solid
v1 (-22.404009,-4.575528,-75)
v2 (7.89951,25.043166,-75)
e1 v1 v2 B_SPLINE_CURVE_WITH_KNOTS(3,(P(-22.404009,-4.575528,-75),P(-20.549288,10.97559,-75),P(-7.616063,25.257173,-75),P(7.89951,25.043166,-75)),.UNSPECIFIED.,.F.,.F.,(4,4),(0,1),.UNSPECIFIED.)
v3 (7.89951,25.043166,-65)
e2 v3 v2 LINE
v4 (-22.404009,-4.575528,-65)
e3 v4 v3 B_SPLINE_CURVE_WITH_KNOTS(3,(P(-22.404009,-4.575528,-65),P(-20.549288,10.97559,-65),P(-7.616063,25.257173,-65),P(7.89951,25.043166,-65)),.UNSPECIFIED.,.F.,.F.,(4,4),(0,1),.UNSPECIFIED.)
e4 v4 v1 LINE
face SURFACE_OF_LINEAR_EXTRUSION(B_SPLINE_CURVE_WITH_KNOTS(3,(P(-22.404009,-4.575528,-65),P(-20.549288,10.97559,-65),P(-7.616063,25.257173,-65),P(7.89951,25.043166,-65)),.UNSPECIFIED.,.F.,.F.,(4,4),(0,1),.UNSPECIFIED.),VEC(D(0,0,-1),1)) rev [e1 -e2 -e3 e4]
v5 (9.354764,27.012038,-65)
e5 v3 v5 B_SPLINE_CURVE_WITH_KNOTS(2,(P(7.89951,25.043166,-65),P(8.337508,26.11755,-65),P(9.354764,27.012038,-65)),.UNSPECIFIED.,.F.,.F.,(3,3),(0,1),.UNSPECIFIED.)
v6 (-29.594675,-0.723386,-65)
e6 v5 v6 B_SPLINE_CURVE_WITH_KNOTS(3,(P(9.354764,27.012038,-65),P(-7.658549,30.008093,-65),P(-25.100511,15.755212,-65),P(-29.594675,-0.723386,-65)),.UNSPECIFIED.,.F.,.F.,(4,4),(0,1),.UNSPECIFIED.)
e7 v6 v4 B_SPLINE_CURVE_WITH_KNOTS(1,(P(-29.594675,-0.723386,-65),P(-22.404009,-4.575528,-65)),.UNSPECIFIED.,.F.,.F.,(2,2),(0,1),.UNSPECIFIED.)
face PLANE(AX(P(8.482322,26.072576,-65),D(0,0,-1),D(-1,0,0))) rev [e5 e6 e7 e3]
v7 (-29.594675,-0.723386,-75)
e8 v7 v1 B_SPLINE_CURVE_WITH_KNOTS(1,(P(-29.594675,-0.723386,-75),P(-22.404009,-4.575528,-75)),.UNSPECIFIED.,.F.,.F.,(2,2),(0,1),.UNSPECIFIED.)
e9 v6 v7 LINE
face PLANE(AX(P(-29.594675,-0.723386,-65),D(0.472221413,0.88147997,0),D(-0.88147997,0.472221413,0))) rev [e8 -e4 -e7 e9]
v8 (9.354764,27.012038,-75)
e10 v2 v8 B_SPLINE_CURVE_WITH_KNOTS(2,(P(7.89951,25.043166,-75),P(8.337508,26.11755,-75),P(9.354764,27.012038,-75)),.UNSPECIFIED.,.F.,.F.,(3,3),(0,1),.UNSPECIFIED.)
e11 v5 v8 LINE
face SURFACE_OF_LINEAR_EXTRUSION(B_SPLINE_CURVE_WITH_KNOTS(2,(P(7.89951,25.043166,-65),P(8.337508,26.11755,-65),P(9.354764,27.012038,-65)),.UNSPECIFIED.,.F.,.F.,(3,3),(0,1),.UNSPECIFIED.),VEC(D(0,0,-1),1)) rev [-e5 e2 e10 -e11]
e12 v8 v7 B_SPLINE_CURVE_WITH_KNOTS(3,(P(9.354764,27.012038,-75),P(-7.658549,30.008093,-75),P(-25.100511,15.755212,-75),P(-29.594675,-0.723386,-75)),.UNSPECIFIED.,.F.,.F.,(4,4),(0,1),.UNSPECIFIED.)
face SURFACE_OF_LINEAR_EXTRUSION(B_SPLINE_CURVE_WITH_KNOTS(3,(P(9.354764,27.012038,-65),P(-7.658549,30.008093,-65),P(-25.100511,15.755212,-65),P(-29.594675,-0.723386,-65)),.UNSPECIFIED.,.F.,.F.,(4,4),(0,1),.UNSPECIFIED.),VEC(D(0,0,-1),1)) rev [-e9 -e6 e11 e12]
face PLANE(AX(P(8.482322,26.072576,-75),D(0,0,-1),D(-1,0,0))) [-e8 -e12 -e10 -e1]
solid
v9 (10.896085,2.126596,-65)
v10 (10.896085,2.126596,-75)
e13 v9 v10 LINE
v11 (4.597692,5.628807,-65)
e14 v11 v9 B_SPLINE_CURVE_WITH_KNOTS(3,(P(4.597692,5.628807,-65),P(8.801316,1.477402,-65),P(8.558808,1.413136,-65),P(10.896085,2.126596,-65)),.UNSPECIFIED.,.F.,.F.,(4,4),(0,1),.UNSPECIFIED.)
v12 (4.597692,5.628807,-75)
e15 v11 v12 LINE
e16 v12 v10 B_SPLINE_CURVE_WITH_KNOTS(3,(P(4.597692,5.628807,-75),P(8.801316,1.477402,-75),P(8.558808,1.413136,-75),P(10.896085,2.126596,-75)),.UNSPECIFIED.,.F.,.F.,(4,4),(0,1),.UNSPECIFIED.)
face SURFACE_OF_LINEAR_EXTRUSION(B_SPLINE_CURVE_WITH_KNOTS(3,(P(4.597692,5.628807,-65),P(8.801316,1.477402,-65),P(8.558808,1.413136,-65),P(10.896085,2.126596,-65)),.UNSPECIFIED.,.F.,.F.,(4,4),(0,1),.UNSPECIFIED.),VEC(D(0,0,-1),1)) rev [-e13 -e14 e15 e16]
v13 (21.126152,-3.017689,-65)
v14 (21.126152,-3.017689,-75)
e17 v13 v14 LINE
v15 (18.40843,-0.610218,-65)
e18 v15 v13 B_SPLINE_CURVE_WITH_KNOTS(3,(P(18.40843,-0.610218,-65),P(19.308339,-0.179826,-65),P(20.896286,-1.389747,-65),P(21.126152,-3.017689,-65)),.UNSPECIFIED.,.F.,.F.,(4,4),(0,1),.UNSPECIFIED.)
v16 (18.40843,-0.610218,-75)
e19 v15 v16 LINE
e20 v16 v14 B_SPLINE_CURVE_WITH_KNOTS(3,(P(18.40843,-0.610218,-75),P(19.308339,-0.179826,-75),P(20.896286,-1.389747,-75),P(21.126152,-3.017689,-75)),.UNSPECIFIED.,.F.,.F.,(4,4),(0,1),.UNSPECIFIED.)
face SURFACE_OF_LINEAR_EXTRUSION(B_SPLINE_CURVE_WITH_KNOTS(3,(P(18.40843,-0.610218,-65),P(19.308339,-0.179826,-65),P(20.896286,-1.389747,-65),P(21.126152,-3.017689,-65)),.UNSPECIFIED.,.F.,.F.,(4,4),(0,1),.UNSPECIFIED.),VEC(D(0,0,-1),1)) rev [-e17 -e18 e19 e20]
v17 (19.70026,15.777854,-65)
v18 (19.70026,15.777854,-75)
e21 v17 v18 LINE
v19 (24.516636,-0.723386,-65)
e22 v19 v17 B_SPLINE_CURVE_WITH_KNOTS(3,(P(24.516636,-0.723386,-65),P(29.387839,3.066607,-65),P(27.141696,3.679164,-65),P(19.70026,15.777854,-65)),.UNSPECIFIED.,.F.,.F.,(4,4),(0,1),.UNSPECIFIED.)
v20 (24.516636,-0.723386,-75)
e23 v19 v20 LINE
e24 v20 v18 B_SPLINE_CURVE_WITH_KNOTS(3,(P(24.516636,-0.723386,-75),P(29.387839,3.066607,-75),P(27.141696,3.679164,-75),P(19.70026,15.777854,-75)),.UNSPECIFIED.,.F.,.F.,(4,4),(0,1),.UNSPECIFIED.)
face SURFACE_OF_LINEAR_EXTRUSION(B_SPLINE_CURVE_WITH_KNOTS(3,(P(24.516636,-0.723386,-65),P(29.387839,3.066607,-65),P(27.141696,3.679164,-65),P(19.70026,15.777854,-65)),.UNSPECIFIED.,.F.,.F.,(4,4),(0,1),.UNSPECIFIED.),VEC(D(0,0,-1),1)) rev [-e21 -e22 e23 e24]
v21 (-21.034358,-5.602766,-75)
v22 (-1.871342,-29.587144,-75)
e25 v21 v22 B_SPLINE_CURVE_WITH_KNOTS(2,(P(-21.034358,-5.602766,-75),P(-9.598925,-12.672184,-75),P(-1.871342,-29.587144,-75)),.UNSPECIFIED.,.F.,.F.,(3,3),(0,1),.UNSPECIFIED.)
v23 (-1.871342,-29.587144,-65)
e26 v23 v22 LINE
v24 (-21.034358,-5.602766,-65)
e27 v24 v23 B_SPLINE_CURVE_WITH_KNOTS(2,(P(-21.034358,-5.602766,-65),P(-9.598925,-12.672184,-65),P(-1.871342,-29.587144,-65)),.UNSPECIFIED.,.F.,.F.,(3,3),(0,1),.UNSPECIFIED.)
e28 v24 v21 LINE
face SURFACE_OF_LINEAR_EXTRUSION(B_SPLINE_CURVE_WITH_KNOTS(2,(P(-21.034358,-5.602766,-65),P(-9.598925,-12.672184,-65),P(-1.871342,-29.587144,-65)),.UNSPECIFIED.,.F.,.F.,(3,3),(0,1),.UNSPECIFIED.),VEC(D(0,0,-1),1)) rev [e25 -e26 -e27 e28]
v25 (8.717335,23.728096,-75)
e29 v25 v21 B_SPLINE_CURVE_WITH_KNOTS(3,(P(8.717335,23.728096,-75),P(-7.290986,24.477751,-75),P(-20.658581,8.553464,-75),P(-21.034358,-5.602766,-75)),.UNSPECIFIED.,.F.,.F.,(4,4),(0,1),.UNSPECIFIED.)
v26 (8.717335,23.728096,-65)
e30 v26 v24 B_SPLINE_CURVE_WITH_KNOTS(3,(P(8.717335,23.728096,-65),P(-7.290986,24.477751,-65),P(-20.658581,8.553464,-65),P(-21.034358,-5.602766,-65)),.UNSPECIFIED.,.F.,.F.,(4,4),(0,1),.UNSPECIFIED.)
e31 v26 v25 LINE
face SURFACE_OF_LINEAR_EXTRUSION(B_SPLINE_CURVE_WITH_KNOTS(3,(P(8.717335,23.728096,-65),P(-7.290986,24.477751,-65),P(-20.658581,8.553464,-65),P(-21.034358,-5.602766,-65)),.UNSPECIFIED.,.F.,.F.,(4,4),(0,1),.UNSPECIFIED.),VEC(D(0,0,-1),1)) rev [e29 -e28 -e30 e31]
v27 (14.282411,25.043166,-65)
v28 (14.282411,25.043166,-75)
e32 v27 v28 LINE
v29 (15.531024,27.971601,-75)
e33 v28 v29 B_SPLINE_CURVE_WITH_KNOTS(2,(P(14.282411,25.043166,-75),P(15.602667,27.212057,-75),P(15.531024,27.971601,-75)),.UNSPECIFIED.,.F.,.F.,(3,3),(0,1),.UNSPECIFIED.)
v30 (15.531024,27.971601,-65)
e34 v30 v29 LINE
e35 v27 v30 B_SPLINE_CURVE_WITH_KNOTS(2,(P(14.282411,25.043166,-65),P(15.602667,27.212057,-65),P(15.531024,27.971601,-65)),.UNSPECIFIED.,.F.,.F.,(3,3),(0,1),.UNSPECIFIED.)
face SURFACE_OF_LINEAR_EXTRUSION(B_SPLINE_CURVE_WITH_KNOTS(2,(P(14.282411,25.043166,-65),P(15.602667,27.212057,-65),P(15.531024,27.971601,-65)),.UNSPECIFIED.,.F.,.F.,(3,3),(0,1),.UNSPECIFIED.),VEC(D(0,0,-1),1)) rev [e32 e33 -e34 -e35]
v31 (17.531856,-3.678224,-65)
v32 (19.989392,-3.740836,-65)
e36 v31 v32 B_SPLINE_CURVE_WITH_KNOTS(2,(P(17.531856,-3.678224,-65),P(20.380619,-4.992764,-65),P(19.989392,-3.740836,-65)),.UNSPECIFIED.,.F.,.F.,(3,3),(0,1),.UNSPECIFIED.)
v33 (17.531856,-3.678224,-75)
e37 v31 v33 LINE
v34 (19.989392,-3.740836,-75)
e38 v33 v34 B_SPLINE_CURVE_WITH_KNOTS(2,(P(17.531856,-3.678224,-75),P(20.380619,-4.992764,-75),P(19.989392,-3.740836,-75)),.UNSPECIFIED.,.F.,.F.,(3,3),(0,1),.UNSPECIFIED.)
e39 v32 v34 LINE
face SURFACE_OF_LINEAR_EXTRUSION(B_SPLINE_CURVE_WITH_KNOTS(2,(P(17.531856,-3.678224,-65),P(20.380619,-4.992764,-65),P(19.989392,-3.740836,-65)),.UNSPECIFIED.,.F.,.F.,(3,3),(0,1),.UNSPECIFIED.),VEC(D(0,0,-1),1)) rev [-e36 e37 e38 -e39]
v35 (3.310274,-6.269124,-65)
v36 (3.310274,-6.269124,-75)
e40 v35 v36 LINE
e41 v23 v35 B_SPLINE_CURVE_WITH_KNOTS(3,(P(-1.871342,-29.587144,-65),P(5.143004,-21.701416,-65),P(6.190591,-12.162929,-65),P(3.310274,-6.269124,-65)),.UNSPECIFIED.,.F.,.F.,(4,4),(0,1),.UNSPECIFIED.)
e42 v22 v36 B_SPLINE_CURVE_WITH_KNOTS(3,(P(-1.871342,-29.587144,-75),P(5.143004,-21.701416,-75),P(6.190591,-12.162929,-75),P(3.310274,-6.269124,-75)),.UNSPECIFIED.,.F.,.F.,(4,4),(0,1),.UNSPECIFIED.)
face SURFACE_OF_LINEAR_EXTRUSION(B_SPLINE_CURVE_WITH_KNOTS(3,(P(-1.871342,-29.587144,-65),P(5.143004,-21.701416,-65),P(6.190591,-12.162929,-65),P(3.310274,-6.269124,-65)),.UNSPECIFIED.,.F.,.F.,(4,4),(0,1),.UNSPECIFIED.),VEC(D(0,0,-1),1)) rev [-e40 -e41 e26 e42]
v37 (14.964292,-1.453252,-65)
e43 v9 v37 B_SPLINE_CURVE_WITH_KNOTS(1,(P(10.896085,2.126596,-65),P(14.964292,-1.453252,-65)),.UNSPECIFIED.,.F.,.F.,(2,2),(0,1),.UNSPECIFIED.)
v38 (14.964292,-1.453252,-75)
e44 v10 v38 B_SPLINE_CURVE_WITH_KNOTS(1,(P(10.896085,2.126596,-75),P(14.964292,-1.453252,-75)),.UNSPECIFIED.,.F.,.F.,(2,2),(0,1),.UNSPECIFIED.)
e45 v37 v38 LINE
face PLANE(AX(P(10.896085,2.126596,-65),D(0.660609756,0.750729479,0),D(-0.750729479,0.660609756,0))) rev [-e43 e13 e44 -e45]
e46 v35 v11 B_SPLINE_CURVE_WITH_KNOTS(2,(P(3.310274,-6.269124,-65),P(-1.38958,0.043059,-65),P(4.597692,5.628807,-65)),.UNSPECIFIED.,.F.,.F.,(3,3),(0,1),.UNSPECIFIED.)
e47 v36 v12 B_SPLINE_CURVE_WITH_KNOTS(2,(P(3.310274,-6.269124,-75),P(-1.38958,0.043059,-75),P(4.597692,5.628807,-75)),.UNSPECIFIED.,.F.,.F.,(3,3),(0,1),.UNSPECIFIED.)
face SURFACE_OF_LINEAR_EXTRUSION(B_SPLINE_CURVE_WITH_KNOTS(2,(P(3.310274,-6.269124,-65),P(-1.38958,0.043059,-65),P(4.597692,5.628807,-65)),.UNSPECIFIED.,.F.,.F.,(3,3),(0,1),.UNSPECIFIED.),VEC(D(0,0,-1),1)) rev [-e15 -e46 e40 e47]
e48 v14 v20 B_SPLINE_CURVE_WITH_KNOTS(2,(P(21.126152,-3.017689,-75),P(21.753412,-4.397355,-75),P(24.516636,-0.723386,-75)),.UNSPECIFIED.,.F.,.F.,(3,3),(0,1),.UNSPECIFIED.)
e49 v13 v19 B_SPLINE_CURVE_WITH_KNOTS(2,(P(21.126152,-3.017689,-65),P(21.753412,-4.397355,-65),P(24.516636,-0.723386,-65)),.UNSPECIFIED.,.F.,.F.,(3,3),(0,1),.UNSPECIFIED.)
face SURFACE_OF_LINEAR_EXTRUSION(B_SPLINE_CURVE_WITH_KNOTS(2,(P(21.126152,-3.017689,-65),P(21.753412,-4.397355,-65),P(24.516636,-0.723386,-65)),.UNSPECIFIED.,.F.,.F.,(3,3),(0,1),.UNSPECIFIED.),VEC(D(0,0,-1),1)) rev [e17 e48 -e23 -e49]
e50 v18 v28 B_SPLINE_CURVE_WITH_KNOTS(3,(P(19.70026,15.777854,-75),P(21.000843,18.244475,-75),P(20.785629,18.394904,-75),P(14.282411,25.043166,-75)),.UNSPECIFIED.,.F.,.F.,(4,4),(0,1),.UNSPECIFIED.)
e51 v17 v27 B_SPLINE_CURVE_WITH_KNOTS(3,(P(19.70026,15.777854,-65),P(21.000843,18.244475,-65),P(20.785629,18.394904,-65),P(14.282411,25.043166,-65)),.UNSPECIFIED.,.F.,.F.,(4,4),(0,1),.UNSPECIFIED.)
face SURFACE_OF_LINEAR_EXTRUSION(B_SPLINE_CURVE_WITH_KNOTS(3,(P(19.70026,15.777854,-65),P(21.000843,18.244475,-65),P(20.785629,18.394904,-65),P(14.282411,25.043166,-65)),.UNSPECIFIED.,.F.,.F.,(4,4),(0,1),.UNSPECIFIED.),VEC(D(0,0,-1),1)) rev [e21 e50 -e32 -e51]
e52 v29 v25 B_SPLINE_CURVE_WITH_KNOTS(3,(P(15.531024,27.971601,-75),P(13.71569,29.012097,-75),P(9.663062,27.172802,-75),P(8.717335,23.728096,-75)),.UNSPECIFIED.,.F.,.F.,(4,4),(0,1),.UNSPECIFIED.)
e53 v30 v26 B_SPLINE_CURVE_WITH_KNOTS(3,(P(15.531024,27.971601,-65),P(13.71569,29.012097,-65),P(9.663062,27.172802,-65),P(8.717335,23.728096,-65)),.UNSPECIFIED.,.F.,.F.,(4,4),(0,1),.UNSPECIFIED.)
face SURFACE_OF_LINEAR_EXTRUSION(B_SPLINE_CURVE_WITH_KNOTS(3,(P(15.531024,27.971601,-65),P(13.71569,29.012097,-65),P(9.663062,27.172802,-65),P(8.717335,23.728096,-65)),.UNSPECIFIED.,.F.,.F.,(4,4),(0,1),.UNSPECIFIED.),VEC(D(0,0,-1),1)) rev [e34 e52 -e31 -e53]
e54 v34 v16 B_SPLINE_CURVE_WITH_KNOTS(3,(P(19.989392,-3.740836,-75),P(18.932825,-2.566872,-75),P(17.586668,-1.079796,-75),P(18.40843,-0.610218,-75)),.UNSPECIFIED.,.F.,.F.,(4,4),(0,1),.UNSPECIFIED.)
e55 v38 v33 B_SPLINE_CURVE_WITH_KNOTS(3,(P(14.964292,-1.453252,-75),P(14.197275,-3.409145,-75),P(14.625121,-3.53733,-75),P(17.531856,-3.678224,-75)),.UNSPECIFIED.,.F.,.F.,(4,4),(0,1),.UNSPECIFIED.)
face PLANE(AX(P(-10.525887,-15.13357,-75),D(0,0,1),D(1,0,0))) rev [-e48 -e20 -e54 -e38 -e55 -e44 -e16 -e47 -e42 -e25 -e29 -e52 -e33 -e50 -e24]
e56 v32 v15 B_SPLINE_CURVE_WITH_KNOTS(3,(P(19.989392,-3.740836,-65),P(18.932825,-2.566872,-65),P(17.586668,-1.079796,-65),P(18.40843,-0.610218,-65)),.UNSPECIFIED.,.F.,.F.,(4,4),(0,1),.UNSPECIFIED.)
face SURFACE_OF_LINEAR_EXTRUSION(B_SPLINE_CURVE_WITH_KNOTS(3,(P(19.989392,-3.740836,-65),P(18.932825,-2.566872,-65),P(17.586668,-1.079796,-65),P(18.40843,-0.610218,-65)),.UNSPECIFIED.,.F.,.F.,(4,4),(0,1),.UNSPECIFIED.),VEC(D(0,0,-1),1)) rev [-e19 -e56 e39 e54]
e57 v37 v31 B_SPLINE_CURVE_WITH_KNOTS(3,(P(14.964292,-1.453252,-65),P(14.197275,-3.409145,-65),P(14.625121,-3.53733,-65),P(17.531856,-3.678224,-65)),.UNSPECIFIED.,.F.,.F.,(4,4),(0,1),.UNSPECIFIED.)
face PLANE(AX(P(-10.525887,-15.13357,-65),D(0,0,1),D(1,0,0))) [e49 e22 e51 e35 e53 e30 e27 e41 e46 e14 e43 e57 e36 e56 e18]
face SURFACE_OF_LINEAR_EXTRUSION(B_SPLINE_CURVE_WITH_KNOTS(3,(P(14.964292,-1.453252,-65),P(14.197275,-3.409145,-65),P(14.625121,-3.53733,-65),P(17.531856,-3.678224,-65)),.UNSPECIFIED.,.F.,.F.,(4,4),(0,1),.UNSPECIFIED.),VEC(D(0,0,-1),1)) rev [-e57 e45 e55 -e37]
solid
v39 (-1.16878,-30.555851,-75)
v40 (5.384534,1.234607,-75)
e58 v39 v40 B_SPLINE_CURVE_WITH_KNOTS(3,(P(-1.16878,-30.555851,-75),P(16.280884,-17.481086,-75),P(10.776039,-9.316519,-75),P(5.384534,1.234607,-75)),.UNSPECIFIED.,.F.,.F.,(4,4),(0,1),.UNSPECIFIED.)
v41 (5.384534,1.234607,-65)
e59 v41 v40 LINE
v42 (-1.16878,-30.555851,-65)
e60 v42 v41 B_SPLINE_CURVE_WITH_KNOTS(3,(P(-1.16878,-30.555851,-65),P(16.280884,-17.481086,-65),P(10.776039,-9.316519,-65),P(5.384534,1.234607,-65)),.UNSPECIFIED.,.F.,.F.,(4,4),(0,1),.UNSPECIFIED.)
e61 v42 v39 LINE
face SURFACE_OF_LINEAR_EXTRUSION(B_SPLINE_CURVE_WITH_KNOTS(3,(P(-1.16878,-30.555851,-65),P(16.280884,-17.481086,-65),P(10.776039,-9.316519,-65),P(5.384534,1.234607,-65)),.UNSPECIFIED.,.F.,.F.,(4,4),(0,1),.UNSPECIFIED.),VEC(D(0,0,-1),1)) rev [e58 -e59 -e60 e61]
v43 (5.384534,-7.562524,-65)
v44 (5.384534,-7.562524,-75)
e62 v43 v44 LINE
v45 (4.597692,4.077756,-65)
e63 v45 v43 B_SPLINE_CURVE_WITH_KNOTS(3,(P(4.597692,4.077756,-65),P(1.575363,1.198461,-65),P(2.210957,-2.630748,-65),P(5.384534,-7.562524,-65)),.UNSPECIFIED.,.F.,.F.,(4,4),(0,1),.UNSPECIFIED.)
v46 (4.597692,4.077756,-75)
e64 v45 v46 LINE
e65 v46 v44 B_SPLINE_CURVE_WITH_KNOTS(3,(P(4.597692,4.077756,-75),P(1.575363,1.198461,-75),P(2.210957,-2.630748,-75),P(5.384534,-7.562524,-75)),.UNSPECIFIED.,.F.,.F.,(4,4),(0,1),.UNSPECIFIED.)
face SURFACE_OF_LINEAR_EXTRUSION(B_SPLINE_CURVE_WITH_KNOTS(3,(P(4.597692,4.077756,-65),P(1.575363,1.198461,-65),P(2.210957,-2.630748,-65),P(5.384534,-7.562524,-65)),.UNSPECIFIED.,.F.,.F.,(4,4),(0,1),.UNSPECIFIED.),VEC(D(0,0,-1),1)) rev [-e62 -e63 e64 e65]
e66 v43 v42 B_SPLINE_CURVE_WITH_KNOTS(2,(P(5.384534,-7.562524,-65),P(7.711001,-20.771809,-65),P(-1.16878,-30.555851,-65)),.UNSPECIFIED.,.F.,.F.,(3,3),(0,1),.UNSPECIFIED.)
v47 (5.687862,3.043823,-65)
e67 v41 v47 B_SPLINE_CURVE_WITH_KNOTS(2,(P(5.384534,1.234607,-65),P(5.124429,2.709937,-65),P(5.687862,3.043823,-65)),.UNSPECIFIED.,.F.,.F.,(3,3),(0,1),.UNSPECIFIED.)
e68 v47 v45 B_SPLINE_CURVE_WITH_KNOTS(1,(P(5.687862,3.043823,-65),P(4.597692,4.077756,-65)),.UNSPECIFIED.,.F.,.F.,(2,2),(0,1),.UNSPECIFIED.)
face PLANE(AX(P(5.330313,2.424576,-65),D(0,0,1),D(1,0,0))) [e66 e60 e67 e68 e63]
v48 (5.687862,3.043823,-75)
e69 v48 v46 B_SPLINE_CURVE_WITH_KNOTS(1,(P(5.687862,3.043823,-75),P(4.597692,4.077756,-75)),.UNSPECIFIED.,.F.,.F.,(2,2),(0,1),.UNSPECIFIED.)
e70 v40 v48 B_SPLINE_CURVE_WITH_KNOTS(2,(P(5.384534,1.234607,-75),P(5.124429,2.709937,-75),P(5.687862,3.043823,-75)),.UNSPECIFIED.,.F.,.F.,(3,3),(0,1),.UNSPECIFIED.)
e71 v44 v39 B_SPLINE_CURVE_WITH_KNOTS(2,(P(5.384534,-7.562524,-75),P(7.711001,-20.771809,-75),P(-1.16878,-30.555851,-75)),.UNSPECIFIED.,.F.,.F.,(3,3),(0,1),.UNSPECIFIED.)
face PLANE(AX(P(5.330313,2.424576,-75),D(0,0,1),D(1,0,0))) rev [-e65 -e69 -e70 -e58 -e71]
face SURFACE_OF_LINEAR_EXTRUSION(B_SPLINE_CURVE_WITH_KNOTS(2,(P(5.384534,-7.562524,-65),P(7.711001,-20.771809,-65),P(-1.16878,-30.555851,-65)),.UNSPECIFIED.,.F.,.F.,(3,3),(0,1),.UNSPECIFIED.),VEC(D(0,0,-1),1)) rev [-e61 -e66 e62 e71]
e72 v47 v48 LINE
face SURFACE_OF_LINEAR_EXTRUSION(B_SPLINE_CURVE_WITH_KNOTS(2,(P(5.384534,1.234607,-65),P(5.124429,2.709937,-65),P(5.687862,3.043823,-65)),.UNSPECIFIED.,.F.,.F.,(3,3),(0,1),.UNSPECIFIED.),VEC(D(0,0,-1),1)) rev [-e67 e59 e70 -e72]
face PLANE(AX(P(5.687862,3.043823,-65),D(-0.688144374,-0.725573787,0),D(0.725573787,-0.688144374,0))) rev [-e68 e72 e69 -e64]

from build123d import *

# Parameters (mm, degrees)
BOSS_EXTRUDE6_START   = -75
BOSS_EXTRUDE6_DEPTH   = 10
BOSS_EXTRUDE6_2_DEPTH = 10
BOSS_EXTRUDE6_3_DEPTH = 10


with BuildPart() as part:
    # Sketch60 → Boss-Extrude6 (new body)
    with BuildSketch(Plane.XY.offset(BOSS_EXTRUDE6_START)):
        with BuildLine():
            add(Edge.make_bspline(
                [(7.899510272, 25.043165506), (-7.616062527, 25.257173407), (-20.549288392, 10.975590449), (-22.404008997, -4.575528469)],
                knots=[0, 0, 0, 0, 1, 1, 1, 1], degree=3))
            Line((-22.404008997, -4.575528469), (-29.594674586, -0.723386189))
            add(Edge.make_bspline(
                [(-29.594674586, -0.723386189), (-25.100511328, 15.755212423), (-7.658548516, 30.008093265), (9.354764023, 27.012038227)],
                knots=[0, 0, 0, 0, 1, 1, 1, 1], degree=3))
            add(Edge.make_bspline(
                [(9.354764023, 27.012038227), (8.337507713, 26.11755026), (7.899510272, 25.043165506)],
                knots=[0, 0, 0, 1, 1, 1], degree=2))
        make_face()
    extrude(amount=BOSS_EXTRUDE6_DEPTH)


with BuildPart() as body_2:
    # Sketch60 → Boss-Extrude6 2 (new body)
    with BuildSketch(Plane.XY.offset(BOSS_EXTRUDE6_START)):
        with BuildLine():
            add(Edge.make_bspline(
                [(-21.034358408, -5.60276641), (-20.658581062, 8.553464489), (-7.290986028, 24.477751373), (8.717335457, 23.728095995)],
                knots=[0, 0, 0, 0, 1, 1, 1, 1], degree=3))
            add(Edge.make_bspline(
                [(8.717335457, 23.728095995), (9.66306194, 27.172801895), (13.715689902, 29.012097365), (15.531023575, 27.971601235)],
                knots=[0, 0, 0, 0, 1, 1, 1, 1], degree=3))
            add(Edge.make_bspline(
                [(15.531023575, 27.971601235), (15.602666955, 27.212057166), (14.28241125, 25.043165506)],
                knots=[0, 0, 0, 1, 1, 1], degree=2))
            add(Edge.make_bspline(
                [(14.28241125, 25.043165506), (20.78562941, 18.394903927), (21.000842635, 18.24447546), (19.700260455, 15.777854084)],
                knots=[0, 0, 0, 0, 1, 1, 1, 1], degree=3))
            add(Edge.make_bspline(
                [(24.516635928, -0.723386189), (29.387839262, 3.066606953), (27.141695792, 3.679164482), (19.700260455, 15.777854084)],
                knots=[0, 0, 0, 0, 1, 1, 1, 1], degree=3))
            add(Edge.make_bspline(
                [(24.516635928, -0.723386189), (21.753412083, -4.397354565), (21.126152372, -3.017689185)],
                knots=[0, 0, 0, 1, 1, 1], degree=2))
            add(Edge.make_bspline(
                [(21.126152372, -3.017689185), (20.896285535, -1.389746942), (19.308339169, -0.179826073), (18.408429615, -0.610217599)],
                knots=[0, 0, 0, 0, 1, 1, 1, 1], degree=3))
            add(Edge.make_bspline(
                [(18.408429615, -0.610217599), (17.58666802, -1.079795653), (18.932824528, -2.56687226), (19.989391926, -3.740836035)],
                knots=[0, 0, 0, 0, 1, 1, 1, 1], degree=3))
            add(Edge.make_bspline(
                [(19.989391926, -3.740836035), (20.380619428, -4.992764042), (17.531856453, -3.678223666)],
                knots=[0, 0, 0, 1, 1, 1], degree=2))
            add(Edge.make_bspline(
                [(17.531856453, -3.678223666), (14.625120982, -3.53733032), (14.197274829, -3.40914492), (14.96429178, -1.453251695)],
                knots=[0, 0, 0, 0, 1, 1, 1, 1], degree=3))
            Line((14.96429178, -1.453251695), (10.896085132, 2.126595741))
            add(Edge.make_bspline(
                [(10.896085132, 2.126595741), (8.558808499, 1.4131365), (8.801315716, 1.477401795), (4.597691617, 5.628806961)],
                knots=[0, 0, 0, 0, 1, 1, 1, 1], degree=3))
            add(Edge.make_bspline(
                [(4.597691617, 5.628806961), (-1.389579693, 0.043058797), (3.310273965, -6.269124127)],
                knots=[0, 0, 0, 1, 1, 1], degree=2))
            add(Edge.make_bspline(
                [(3.310273965, -6.269124127), (6.190591422, -12.162929046), (5.143003854, -21.701416453), (-1.871341739, -29.587144351)],
                knots=[0, 0, 0, 0, 1, 1, 1, 1], degree=3))
            add(Edge.make_bspline(
                [(-21.034358408, -5.60276641), (-9.598924902, -12.672183887), (-1.871341739, -29.587144351)],
                knots=[0, 0, 0, 1, 1, 1], degree=2))
        make_face()
    extrude(amount=BOSS_EXTRUDE6_2_DEPTH)


with BuildPart() as body_3:
    # Sketch60 → Boss-Extrude6 3 (new body)
    with BuildSketch(Plane.XY.offset(BOSS_EXTRUDE6_START)):
        with BuildLine():
            add(Edge.make_bspline(
                [(4.597691617, 4.077756229), (1.575363437, 1.19846077), (2.21095693, -2.630747809), (5.384533612, -7.562523507)],
                knots=[0, 0, 0, 0, 1, 1, 1, 1], degree=3))
            add(Edge.make_bspline(
                [(5.384533612, -7.562523507), (7.711001047, -20.771808771), (-1.168779613, -30.555851486)],
                knots=[0, 0, 0, 1, 1, 1], degree=2))
            add(Edge.make_bspline(
                [(-1.168779613, -30.555851486), (16.280884402, -17.481086084), (10.776039321, -9.316518746), (5.384533612, 1.234606835)],
                knots=[0, 0, 0, 0, 1, 1, 1, 1], degree=3))
            add(Edge.make_bspline(
                [(5.384533612, 1.234606835), (5.124429062, 2.709937223), (5.687861943, 3.043823375)],
                knots=[0, 0, 0, 1, 1, 1], degree=2))
            Line((5.687861943, 3.043823375), (4.597691617, 4.077756229))
        make_face()
    extrude(amount=BOSS_EXTRUDE6_3_DEPTH)


solid = Compound([part.part, body_2.part, body_3.part])
